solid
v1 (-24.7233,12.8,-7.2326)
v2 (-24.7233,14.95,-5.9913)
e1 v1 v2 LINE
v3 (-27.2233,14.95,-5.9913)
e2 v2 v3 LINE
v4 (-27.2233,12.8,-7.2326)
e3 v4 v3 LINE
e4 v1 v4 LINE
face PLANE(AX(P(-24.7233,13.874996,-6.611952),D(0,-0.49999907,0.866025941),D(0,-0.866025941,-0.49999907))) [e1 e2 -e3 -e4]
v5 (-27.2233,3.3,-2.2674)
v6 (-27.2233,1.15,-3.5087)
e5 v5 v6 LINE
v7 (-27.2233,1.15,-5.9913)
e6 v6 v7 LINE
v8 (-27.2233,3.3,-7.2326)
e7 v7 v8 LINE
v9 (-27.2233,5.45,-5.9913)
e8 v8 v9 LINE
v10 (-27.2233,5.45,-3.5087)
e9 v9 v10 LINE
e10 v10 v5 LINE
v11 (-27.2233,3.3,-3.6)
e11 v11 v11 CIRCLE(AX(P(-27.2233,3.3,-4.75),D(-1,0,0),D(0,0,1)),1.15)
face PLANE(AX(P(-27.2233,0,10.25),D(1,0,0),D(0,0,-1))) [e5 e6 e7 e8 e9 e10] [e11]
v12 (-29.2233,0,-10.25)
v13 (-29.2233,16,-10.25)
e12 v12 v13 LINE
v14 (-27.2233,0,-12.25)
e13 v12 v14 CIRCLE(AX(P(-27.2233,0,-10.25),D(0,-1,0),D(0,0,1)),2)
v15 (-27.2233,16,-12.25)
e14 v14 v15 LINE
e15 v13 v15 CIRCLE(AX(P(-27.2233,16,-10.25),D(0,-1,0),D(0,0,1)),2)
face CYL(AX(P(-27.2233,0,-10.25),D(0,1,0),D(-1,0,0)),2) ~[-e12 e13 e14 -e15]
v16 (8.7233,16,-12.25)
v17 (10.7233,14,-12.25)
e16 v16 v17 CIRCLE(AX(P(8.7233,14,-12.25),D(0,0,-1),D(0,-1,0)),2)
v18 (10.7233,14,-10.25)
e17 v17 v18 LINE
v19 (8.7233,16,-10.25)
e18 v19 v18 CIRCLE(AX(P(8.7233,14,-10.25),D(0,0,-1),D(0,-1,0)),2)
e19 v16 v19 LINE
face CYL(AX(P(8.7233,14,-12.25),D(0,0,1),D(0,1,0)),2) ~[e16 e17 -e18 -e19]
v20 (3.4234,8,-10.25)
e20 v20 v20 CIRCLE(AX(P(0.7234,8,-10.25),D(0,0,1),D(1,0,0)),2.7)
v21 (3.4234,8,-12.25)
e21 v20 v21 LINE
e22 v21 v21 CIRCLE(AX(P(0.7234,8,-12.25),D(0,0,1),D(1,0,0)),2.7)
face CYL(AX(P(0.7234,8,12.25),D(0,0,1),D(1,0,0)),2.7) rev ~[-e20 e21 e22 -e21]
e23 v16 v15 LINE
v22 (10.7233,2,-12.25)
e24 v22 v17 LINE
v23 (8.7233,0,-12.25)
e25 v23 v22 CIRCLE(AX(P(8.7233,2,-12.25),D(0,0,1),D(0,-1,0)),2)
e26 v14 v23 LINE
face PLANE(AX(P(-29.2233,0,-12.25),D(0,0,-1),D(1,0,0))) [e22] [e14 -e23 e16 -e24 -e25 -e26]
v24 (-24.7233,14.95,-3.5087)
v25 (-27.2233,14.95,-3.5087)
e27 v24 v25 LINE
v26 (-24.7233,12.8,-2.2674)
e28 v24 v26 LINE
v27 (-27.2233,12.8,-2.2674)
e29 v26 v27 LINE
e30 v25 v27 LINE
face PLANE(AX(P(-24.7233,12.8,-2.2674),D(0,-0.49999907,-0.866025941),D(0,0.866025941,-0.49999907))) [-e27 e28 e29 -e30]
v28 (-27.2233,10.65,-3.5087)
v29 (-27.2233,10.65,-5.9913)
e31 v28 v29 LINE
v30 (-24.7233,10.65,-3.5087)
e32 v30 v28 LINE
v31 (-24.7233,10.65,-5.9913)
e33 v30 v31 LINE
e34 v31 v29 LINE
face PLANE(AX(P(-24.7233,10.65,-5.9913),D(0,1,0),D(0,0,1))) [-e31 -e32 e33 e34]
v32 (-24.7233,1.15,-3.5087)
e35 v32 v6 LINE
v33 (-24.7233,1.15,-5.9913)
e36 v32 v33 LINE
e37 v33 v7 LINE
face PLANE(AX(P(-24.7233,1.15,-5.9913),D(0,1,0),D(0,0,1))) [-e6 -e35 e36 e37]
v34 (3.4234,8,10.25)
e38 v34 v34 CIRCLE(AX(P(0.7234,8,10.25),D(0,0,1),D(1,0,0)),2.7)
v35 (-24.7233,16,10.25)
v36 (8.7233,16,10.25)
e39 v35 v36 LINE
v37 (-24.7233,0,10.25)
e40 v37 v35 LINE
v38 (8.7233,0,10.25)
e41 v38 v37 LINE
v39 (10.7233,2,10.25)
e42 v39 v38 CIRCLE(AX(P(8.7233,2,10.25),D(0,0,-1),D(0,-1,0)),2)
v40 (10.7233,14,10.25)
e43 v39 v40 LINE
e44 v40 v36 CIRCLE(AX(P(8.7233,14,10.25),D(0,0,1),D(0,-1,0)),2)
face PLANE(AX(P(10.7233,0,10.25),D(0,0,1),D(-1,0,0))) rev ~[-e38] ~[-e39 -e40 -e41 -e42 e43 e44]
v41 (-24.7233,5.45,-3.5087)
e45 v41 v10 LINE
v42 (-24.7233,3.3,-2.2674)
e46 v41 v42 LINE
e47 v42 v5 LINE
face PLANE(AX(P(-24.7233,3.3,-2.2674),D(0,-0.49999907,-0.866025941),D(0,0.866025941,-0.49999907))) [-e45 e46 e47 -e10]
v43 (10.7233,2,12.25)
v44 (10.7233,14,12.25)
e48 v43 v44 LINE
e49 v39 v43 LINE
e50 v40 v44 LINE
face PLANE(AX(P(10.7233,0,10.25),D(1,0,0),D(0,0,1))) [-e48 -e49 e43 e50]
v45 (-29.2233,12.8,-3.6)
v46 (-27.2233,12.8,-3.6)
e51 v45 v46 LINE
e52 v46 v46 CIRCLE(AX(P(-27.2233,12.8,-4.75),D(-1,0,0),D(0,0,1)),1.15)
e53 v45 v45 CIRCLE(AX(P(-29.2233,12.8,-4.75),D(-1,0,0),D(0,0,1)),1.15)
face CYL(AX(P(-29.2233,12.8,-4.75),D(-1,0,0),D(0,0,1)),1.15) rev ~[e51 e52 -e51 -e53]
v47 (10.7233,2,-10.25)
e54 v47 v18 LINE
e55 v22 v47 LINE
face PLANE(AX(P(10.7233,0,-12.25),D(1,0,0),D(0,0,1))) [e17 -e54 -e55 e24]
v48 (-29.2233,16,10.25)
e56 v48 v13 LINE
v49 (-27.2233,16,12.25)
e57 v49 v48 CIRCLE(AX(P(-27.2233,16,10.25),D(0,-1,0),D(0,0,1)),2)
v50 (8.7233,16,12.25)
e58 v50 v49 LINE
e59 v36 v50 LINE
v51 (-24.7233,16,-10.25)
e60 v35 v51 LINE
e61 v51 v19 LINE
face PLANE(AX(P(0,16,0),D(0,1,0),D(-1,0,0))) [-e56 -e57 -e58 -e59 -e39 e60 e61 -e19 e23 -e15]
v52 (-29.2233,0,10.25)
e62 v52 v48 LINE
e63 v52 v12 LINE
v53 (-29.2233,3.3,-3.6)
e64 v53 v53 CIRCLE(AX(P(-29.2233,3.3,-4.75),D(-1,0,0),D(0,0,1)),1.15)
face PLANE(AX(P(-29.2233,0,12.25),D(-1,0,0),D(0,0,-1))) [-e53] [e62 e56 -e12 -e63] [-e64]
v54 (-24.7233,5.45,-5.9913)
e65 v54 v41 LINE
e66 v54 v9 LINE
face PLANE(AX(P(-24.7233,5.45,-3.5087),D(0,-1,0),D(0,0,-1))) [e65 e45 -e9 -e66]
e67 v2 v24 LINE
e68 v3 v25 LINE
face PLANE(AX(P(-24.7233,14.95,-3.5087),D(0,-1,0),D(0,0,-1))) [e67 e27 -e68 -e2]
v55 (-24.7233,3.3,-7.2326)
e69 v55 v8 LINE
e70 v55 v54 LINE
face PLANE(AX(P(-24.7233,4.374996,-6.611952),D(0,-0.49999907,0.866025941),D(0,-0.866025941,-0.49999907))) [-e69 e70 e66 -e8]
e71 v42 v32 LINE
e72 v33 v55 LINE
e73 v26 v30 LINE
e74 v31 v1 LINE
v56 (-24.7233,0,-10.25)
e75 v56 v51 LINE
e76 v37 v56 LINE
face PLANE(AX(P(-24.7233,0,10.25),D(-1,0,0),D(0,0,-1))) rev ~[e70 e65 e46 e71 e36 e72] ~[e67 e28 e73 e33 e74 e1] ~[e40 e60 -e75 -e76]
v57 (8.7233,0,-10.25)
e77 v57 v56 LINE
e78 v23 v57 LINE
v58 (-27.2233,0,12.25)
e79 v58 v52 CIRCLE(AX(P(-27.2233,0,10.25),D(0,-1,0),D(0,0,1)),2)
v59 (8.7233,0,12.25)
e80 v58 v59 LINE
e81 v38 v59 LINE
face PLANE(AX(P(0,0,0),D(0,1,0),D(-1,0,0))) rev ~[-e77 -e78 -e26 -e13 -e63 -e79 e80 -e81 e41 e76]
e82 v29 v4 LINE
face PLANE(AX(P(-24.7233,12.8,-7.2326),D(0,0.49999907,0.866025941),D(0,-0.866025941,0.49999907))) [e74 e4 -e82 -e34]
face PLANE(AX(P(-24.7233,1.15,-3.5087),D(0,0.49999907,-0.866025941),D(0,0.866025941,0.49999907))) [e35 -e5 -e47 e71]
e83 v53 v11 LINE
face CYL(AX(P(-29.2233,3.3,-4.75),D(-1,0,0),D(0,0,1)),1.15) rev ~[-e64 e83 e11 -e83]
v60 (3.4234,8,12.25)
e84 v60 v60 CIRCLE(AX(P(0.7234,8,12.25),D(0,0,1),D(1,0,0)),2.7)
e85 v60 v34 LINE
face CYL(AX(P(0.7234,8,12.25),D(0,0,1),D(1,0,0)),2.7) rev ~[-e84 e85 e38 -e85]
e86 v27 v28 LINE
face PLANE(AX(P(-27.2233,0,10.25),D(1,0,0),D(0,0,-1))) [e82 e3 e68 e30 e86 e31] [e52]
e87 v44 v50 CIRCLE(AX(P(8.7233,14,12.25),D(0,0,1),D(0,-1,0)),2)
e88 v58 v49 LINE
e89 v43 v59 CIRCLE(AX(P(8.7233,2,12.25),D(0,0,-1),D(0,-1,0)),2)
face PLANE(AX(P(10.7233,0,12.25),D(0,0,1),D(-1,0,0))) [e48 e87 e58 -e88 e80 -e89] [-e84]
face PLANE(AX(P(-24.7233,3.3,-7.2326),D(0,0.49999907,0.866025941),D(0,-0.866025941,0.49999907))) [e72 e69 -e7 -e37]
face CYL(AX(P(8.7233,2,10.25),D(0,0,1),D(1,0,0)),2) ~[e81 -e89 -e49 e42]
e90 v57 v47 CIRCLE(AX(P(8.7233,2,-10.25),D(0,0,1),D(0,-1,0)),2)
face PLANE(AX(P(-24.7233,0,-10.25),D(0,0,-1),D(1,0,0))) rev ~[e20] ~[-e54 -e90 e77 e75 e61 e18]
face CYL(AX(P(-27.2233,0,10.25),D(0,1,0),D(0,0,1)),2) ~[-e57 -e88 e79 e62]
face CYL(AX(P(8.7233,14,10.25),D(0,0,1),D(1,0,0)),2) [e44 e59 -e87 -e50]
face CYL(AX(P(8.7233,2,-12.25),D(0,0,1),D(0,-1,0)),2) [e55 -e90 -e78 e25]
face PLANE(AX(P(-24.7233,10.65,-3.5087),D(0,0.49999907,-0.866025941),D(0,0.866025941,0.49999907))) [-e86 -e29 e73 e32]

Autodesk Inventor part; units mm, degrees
ref_plane "YZ Plane" through (0, 0, 0) normal (1, 0, 0) x (0, 1, 0)
ref_plane "XZ Plane" through (0, 0, 0) normal (0, 1, 0) x (-1, 0, 0)
ref_plane "XY Plane" through (0, 0, 0) normal (0, 0, 1) x (1, 0, 0)
sketch "Boceto1" plane through (0, 0, 0) normal (0, 1, 0) x (-1, 0, 0)
  line L0 (-10.7233, 10.25) -> (10.7233, 10.25)
  line L1 (10.7233, 10.25) -> (10.7233, -10.25)
  line L2 (10.7233, -10.25) -> (-10.7233, -10.25)
  line L3 (-10.7233, -10.25) -> (-10.7233, 10.25)
  line L4 (-10.7233, 10.25) -> (10.7233, -10.25) construction
  line L5 (10.7233, 10.25) -> (-10.7233, -10.25) construction
  line L6 (-10.7233, 12.25) -> (10.7233, 12.25)
  line L7 (10.7233, 12.25) -> (10.7233, -12.25)
  line L8 (10.7233, -12.25) -> (-10.7233, -12.25)
  line L9 (-10.7233, -12.25) -> (-10.7233, 12.25)
  line L10 (-10.7233, 12.25) -> (10.7233, -12.25) construction
  line L11 (10.7233, 12.25) -> (-10.7233, -12.25) construction
  line L12 (10.7233, 12.25) -> (24.7233, 12.25)
  line L13 (24.7233, 12.25) -> (24.7233, -12.25)
  line L14 (24.7233, -12.25) -> (10.7233, -12.25)
  line L15 (10.7233, -12.25) -> (10.7233, 12.25)
  line L16 (10.7233, 10.25) -> (24.7233, 10.25)
  line L17 (24.7233, 10.25) -> (24.7233, -10.25)
  line L18 (24.7233, -10.25) -> (10.7233, -10.25)
  line L19 (10.7233, -10.25) -> (10.7233, 10.25)
  line L20 (24.7233, 12.25) -> (29.2233, 12.25)
  line L21 (29.2233, 12.25) -> (29.2233, -12.25)
  line L22 (29.2233, -12.25) -> (24.7233, -12.25)
  line L23 (24.7233, -12.25) -> (24.7233, 12.25)
  point P0 (0, 0)
  point P1 (24.7233, 10.25)
  point P2 (-10.7233, -10.25)
  dimension "d0" = 20.5
  dimension "d1" = 2
  dimension "d2" = 14
  dimension "d3" = 18.5
extrude "Extrusión1" add sketch "Boceto1" along normal blind 16 contours L9 L6 L7 L0 | L7 L12 L13 L16 | L2 L7 L8 L9 | L18 L13 L14 L7 | L13 L20 L21 L22
sketch "Boceto2" plane through (-29.2233, 0, -12.25) normal (-1, 0, 0) x (0, 0, 1)
  circle A0 centre (7.5, 3.3) radius 1.15
  circle A1 centre (7.5, 12.8) radius 1.15
  line L0 (0, 0) -> (24.5, 0) projected
  line L1 (0, 0) -> (0, 16) projected
  point P0 (12.25, 0)
  dimension "d6" = 2.3
  dimension "d7" = 3.3
  dimension "d8" = 9.5
  dimension "d9" = 7.5
extrude "Extrusión2" cut sketch "Boceto2" against normal through all
sketch "Boceto3" plane through (-24.7233, 0, 10.25) normal (1, 0, 0) x (0, 0, -1)
  circle A0 centre (15, 12.8) radius 1.15 projected
  circle A1 centre (15, 12.8) radius 2.15
  circle A2 centre (15, 3.3) radius 1.15 projected
  circle A3 centre (15, 3.3) radius 2.15
  line L0 (17.4826, 12.8) -> (16.2413, 10.65)
  line L1 (16.2413, 10.65) -> (13.7587, 10.65)
  line L2 (13.7587, 10.65) -> (12.5174, 12.8)
  line L3 (12.5174, 12.8) -> (13.7587, 14.95)
  line L4 (13.7587, 14.95) -> (16.2413, 14.95)
  line L5 (16.2413, 14.95) -> (17.4826, 12.8)
  line L6 (17.4826, 3.3) -> (16.2413, 1.15)
  line L7 (16.2413, 1.15) -> (13.7587, 1.15)
  line L8 (13.7587, 1.15) -> (12.5174, 3.3)
  line L9 (12.5174, 3.3) -> (13.7587, 5.45)
  line L10 (13.7587, 5.45) -> (16.2413, 5.45)
  line L11 (16.2413, 5.45) -> (17.4826, 3.3)
  point P0 (10.25, 0)
  dimension "d12" = 4.3
extrude "Extrusión3" cut sketch "Boceto3" against normal blind 2.5 contours A0 | A1 | A1 L5 L0 | A1 L4 L5 | L0 L1 A1 | A1 L3 L4 | L1 L2 A1 | A1 L2 L3 | A2 | A3 | A3 L11 L6 | A3 L10 L11 | L6 L7 A3 | A3 L9 L10 | L7 L8 A3 | A3 L8 L9
sketch "Boceto4" plane through (-29.2233, 0, 12.25) normal (0, 0, 1) x (1, 0, 0)
  circle A0 centre (29.9467, 8) radius 2.7
  line L0 (39.9467, 0) -> (39.9467, 16) projected
  line L1 (0, 0) -> (39.9467, 0) projected
  point P0 (29.2233, 0)
  dimension "d15" = 10
  dimension "d16" = 8
  dimension "d17" = 5.4
extrude "Extrusión4" cut sketch "Boceto4" against normal through all
fillet "Empalme1" radius 2 6 edges at (10.7233, 0, 11.25) (10.7233, 16, 11.25) (10.7233, 16, -11.25) (10.7233, 0, -11.25) (-29.2233, 8, 12.25) (-29.2233, 8, -12.25)
properties part number "gfdsgfd"
